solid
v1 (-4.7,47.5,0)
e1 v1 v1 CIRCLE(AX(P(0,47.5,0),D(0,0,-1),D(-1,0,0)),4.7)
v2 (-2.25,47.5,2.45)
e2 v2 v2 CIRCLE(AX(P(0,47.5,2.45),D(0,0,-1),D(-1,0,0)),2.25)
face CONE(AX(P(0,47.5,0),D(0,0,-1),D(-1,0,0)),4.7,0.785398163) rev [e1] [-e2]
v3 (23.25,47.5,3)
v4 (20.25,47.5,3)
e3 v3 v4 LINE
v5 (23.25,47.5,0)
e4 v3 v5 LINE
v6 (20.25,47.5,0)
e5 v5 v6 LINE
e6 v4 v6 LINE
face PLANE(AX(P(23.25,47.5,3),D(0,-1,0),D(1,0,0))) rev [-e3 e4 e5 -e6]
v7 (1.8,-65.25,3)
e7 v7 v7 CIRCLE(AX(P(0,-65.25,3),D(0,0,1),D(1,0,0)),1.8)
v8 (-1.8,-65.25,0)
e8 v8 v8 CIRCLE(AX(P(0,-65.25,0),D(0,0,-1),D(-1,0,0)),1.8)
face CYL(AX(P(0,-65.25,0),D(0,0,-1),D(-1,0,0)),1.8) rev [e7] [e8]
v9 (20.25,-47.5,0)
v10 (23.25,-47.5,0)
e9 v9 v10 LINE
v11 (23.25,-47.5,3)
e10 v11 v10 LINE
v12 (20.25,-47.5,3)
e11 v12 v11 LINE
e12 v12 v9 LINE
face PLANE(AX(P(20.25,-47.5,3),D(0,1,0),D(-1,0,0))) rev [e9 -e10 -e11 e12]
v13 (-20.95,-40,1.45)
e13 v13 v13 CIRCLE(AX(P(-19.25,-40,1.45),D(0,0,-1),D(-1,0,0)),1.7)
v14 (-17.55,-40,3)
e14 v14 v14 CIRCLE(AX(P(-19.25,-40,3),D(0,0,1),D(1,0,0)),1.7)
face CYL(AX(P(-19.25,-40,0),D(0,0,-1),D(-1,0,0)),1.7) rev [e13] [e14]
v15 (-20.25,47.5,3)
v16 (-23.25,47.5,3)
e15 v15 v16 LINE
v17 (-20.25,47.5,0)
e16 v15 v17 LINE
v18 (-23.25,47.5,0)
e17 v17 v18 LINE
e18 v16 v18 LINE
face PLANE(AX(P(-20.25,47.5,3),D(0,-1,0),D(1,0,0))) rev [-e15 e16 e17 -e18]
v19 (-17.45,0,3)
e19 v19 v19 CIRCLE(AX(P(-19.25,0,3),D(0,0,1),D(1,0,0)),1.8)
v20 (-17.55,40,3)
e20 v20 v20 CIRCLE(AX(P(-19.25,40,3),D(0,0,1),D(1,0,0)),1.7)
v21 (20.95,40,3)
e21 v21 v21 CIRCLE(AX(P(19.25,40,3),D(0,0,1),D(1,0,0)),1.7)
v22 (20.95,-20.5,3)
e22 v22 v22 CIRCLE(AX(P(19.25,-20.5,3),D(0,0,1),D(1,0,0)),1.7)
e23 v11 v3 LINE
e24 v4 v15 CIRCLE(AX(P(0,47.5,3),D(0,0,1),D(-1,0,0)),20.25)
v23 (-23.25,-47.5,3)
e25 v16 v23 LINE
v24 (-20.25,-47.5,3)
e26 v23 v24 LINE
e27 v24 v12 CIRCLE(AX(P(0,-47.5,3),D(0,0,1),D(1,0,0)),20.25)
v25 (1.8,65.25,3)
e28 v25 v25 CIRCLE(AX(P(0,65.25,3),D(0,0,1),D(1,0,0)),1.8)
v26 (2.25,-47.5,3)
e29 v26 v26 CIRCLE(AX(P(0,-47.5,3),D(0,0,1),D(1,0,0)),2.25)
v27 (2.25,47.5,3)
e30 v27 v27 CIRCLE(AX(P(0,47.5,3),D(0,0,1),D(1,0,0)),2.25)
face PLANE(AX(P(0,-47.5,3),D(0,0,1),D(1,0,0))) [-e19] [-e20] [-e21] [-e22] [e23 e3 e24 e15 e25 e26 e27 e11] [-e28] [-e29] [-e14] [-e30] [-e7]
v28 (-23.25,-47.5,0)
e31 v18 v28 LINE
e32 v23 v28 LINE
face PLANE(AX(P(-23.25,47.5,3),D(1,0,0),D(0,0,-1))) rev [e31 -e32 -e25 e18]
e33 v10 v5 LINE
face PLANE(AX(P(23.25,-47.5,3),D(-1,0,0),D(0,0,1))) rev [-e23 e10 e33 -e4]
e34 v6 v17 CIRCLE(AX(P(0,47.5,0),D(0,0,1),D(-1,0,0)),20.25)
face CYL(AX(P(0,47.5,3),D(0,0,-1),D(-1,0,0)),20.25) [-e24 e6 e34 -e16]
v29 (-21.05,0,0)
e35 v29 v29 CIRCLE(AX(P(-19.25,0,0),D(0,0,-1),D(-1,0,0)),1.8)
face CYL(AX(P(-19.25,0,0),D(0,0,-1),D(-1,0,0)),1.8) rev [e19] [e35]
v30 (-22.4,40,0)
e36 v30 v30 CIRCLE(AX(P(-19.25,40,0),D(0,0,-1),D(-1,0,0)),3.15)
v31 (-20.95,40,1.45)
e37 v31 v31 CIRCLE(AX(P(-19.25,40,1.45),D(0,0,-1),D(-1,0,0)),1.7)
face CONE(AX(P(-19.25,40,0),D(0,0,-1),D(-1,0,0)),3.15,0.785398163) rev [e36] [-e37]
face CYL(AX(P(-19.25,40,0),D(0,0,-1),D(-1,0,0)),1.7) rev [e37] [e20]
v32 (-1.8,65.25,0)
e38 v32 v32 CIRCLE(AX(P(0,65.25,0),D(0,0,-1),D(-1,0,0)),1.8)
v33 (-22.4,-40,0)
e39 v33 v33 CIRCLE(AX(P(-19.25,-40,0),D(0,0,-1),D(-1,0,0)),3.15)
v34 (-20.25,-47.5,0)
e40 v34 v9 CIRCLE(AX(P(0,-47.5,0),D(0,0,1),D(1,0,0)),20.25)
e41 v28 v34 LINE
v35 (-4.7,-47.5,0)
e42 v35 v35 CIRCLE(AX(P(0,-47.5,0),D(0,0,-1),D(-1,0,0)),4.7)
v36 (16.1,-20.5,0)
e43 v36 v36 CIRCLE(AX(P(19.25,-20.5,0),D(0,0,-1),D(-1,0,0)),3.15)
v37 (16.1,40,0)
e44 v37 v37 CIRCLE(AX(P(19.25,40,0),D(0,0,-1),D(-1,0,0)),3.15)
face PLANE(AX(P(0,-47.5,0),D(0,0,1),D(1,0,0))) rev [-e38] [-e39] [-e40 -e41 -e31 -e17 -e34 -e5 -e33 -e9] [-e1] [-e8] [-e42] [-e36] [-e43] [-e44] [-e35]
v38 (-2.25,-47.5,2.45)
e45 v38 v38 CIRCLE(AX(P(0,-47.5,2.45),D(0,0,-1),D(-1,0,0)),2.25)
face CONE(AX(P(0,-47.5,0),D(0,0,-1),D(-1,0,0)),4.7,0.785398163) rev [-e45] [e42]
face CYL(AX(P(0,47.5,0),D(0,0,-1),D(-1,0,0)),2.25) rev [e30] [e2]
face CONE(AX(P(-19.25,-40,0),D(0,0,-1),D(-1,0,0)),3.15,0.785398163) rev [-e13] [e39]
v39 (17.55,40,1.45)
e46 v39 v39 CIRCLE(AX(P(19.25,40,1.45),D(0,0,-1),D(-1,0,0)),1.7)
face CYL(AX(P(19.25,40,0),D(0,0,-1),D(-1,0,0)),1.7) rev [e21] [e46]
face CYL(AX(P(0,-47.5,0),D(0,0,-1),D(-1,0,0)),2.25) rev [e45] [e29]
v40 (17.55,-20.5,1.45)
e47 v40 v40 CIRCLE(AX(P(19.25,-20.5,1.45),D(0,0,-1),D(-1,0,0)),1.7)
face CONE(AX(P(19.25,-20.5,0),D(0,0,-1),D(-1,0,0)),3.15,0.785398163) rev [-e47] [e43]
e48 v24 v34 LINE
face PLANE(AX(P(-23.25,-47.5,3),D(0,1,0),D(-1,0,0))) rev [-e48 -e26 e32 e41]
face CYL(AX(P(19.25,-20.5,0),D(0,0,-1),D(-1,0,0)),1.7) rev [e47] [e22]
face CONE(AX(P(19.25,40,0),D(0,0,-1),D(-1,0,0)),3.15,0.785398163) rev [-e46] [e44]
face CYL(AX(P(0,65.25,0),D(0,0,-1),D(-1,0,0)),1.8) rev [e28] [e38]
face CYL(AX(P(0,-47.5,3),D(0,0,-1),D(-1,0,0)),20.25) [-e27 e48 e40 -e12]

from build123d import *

# Parameters (mm, degrees)
ESTRUSIONE_ESTRUSIONE1_DEPTH          = 3
FORO_SVASATO_PER_VITE_M4_1_AT_2_COUNT = 2
FORO_SVASATO_PER_VITE_M4_1_AT_2_PITCH = 95
FORO_SVASATO_PER_VITE_M3_1_AT_2_COUNT = 2
FORO_SVASATO_PER_VITE_M3_1_AT_2_PITCH = 60.5
FORO_SVASATO_PER_VITE_M3_1_AT_3_COUNT = 2
FORO_SVASATO_PER_VITE_M3_1_AT_3_PITCH = 88.782036471
FORO_SVASATO_PER_VITE_M3_1_AT_4_COUNT = 2
FORO_SVASATO_PER_VITE_M3_1_AT_4_PITCH = 38.5
M3_CLEARANCE_HOLE1_D                  = 3.6
M3_CLEARANCE_HOLE1_DEPTH              = 4
M3_CLEARANCE_HOLE1_TIP                = 1.081549114


with BuildPart() as part:
    # Schizzo1 → Estrusione-Estrusione1 (new body)
    with BuildSketch(Plane.XY):
        with BuildLine():
            Line((20.25, -47.5), (23.25, -47.5))
            Line((23.25, -47.5), (23.25, 47.5))
            Line((23.25, 47.5), (20.25, 47.5))
            ThreePointArc((20.25, 47.5), (0, 67.75), (-20.25, 47.5))
            Line((-20.25, 47.5), (-23.25, 47.5))
            Line((-23.25, 47.5), (-23.25, -47.5))
            Line((-23.25, -47.5), (-20.25, -47.5))
            ThreePointArc((-20.25, -47.5), (0, -67.75), (20.25, -47.5))
        make_face()
    extrude(amount=ESTRUSIONE_ESTRUSIONE1_DEPTH)

    # Schizzo5 → Foro svasato per Vite M4-1 (revolve, cut)
    with BuildSketch(Plane(origin=(0, 47.5, 0), x_dir=(0, 1, 0), z_dir=(1, 0, 0))):
        Polygon((0, 0), (0, 3), (2.25, 3), (2.25, 2.45), (4.7, 0), align=None)
    foro_svasato_per_vite_m4_1 = revolve(axis=Axis((0, 47.5, -6.35), (0, 0, 1)), mode=Mode.SUBTRACT)

    # Foro svasato per Vite M4-1 at 2: Foro svasato per Vite M4-1 ×2
    with Locations(*[(0, -i * FORO_SVASATO_PER_VITE_M4_1_AT_2_PITCH, 0) for i in range(1, FORO_SVASATO_PER_VITE_M4_1_AT_2_COUNT)]):
        add(foro_svasato_per_vite_m4_1, mode=Mode.SUBTRACT)

    # Schizzo8 → Foro svasato per Vite M3-1 (revolve, cut)
    with BuildSketch(Plane(origin=(19.25, 40, 0), x_dir=(0, 1, 0), z_dir=(1, 0, 0))):
        Polygon((0, 0), (0, 3), (1.7, 3), (1.7, 1.45), (3.15, 0), align=None)
    foro_svasato_per_vite_m3_1 = revolve(axis=Axis((19.25, 40, -6.35), (0, 0, 1)), mode=Mode.SUBTRACT)

    # Foro svasato per Vite M3-1 at 2: Foro svasato per Vite M3-1 ×2
    with Locations(*[(0, -i * FORO_SVASATO_PER_VITE_M3_1_AT_2_PITCH, 0) for i in range(1, FORO_SVASATO_PER_VITE_M3_1_AT_2_COUNT)]):
        add(foro_svasato_per_vite_m3_1, mode=Mode.SUBTRACT)

    # Foro svasato per Vite M3-1 at 3: Foro svasato per Vite M3-1 ×2
    with Locations(*[Vector(-0.43364628172754605, -0.9010831828104849, 0) * (i * FORO_SVASATO_PER_VITE_M3_1_AT_3_PITCH) for i in range(1, FORO_SVASATO_PER_VITE_M3_1_AT_3_COUNT)]):
        add(foro_svasato_per_vite_m3_1, mode=Mode.SUBTRACT)

    # Foro svasato per Vite M3-1 at 4: Foro svasato per Vite M3-1 ×2
    with Locations(*[(-i * FORO_SVASATO_PER_VITE_M3_1_AT_4_PITCH, 0, 0) for i in range(1, FORO_SVASATO_PER_VITE_M3_1_AT_4_COUNT)]):
        add(foro_svasato_per_vite_m3_1, mode=Mode.SUBTRACT)

    # M3 Clearance Hole1
    with Locations(Plane(origin=(0, 0, 0), x_dir=(-1, 0, 0), z_dir=(0, 0, -1))):
        with Locations((19.25, 0), (0, 65.25), (0, -65.25)):
            Hole(M3_CLEARANCE_HOLE1_D / 2, depth=M3_CLEARANCE_HOLE1_DEPTH)
            with Locations((0, 0, -(M3_CLEARANCE_HOLE1_DEPTH + M3_CLEARANCE_HOLE1_TIP / 2))):  # 118° drill point
                Cone(0, M3_CLEARANCE_HOLE1_D / 2, M3_CLEARANCE_HOLE1_TIP, mode=Mode.SUBTRACT)


solid = part.part
